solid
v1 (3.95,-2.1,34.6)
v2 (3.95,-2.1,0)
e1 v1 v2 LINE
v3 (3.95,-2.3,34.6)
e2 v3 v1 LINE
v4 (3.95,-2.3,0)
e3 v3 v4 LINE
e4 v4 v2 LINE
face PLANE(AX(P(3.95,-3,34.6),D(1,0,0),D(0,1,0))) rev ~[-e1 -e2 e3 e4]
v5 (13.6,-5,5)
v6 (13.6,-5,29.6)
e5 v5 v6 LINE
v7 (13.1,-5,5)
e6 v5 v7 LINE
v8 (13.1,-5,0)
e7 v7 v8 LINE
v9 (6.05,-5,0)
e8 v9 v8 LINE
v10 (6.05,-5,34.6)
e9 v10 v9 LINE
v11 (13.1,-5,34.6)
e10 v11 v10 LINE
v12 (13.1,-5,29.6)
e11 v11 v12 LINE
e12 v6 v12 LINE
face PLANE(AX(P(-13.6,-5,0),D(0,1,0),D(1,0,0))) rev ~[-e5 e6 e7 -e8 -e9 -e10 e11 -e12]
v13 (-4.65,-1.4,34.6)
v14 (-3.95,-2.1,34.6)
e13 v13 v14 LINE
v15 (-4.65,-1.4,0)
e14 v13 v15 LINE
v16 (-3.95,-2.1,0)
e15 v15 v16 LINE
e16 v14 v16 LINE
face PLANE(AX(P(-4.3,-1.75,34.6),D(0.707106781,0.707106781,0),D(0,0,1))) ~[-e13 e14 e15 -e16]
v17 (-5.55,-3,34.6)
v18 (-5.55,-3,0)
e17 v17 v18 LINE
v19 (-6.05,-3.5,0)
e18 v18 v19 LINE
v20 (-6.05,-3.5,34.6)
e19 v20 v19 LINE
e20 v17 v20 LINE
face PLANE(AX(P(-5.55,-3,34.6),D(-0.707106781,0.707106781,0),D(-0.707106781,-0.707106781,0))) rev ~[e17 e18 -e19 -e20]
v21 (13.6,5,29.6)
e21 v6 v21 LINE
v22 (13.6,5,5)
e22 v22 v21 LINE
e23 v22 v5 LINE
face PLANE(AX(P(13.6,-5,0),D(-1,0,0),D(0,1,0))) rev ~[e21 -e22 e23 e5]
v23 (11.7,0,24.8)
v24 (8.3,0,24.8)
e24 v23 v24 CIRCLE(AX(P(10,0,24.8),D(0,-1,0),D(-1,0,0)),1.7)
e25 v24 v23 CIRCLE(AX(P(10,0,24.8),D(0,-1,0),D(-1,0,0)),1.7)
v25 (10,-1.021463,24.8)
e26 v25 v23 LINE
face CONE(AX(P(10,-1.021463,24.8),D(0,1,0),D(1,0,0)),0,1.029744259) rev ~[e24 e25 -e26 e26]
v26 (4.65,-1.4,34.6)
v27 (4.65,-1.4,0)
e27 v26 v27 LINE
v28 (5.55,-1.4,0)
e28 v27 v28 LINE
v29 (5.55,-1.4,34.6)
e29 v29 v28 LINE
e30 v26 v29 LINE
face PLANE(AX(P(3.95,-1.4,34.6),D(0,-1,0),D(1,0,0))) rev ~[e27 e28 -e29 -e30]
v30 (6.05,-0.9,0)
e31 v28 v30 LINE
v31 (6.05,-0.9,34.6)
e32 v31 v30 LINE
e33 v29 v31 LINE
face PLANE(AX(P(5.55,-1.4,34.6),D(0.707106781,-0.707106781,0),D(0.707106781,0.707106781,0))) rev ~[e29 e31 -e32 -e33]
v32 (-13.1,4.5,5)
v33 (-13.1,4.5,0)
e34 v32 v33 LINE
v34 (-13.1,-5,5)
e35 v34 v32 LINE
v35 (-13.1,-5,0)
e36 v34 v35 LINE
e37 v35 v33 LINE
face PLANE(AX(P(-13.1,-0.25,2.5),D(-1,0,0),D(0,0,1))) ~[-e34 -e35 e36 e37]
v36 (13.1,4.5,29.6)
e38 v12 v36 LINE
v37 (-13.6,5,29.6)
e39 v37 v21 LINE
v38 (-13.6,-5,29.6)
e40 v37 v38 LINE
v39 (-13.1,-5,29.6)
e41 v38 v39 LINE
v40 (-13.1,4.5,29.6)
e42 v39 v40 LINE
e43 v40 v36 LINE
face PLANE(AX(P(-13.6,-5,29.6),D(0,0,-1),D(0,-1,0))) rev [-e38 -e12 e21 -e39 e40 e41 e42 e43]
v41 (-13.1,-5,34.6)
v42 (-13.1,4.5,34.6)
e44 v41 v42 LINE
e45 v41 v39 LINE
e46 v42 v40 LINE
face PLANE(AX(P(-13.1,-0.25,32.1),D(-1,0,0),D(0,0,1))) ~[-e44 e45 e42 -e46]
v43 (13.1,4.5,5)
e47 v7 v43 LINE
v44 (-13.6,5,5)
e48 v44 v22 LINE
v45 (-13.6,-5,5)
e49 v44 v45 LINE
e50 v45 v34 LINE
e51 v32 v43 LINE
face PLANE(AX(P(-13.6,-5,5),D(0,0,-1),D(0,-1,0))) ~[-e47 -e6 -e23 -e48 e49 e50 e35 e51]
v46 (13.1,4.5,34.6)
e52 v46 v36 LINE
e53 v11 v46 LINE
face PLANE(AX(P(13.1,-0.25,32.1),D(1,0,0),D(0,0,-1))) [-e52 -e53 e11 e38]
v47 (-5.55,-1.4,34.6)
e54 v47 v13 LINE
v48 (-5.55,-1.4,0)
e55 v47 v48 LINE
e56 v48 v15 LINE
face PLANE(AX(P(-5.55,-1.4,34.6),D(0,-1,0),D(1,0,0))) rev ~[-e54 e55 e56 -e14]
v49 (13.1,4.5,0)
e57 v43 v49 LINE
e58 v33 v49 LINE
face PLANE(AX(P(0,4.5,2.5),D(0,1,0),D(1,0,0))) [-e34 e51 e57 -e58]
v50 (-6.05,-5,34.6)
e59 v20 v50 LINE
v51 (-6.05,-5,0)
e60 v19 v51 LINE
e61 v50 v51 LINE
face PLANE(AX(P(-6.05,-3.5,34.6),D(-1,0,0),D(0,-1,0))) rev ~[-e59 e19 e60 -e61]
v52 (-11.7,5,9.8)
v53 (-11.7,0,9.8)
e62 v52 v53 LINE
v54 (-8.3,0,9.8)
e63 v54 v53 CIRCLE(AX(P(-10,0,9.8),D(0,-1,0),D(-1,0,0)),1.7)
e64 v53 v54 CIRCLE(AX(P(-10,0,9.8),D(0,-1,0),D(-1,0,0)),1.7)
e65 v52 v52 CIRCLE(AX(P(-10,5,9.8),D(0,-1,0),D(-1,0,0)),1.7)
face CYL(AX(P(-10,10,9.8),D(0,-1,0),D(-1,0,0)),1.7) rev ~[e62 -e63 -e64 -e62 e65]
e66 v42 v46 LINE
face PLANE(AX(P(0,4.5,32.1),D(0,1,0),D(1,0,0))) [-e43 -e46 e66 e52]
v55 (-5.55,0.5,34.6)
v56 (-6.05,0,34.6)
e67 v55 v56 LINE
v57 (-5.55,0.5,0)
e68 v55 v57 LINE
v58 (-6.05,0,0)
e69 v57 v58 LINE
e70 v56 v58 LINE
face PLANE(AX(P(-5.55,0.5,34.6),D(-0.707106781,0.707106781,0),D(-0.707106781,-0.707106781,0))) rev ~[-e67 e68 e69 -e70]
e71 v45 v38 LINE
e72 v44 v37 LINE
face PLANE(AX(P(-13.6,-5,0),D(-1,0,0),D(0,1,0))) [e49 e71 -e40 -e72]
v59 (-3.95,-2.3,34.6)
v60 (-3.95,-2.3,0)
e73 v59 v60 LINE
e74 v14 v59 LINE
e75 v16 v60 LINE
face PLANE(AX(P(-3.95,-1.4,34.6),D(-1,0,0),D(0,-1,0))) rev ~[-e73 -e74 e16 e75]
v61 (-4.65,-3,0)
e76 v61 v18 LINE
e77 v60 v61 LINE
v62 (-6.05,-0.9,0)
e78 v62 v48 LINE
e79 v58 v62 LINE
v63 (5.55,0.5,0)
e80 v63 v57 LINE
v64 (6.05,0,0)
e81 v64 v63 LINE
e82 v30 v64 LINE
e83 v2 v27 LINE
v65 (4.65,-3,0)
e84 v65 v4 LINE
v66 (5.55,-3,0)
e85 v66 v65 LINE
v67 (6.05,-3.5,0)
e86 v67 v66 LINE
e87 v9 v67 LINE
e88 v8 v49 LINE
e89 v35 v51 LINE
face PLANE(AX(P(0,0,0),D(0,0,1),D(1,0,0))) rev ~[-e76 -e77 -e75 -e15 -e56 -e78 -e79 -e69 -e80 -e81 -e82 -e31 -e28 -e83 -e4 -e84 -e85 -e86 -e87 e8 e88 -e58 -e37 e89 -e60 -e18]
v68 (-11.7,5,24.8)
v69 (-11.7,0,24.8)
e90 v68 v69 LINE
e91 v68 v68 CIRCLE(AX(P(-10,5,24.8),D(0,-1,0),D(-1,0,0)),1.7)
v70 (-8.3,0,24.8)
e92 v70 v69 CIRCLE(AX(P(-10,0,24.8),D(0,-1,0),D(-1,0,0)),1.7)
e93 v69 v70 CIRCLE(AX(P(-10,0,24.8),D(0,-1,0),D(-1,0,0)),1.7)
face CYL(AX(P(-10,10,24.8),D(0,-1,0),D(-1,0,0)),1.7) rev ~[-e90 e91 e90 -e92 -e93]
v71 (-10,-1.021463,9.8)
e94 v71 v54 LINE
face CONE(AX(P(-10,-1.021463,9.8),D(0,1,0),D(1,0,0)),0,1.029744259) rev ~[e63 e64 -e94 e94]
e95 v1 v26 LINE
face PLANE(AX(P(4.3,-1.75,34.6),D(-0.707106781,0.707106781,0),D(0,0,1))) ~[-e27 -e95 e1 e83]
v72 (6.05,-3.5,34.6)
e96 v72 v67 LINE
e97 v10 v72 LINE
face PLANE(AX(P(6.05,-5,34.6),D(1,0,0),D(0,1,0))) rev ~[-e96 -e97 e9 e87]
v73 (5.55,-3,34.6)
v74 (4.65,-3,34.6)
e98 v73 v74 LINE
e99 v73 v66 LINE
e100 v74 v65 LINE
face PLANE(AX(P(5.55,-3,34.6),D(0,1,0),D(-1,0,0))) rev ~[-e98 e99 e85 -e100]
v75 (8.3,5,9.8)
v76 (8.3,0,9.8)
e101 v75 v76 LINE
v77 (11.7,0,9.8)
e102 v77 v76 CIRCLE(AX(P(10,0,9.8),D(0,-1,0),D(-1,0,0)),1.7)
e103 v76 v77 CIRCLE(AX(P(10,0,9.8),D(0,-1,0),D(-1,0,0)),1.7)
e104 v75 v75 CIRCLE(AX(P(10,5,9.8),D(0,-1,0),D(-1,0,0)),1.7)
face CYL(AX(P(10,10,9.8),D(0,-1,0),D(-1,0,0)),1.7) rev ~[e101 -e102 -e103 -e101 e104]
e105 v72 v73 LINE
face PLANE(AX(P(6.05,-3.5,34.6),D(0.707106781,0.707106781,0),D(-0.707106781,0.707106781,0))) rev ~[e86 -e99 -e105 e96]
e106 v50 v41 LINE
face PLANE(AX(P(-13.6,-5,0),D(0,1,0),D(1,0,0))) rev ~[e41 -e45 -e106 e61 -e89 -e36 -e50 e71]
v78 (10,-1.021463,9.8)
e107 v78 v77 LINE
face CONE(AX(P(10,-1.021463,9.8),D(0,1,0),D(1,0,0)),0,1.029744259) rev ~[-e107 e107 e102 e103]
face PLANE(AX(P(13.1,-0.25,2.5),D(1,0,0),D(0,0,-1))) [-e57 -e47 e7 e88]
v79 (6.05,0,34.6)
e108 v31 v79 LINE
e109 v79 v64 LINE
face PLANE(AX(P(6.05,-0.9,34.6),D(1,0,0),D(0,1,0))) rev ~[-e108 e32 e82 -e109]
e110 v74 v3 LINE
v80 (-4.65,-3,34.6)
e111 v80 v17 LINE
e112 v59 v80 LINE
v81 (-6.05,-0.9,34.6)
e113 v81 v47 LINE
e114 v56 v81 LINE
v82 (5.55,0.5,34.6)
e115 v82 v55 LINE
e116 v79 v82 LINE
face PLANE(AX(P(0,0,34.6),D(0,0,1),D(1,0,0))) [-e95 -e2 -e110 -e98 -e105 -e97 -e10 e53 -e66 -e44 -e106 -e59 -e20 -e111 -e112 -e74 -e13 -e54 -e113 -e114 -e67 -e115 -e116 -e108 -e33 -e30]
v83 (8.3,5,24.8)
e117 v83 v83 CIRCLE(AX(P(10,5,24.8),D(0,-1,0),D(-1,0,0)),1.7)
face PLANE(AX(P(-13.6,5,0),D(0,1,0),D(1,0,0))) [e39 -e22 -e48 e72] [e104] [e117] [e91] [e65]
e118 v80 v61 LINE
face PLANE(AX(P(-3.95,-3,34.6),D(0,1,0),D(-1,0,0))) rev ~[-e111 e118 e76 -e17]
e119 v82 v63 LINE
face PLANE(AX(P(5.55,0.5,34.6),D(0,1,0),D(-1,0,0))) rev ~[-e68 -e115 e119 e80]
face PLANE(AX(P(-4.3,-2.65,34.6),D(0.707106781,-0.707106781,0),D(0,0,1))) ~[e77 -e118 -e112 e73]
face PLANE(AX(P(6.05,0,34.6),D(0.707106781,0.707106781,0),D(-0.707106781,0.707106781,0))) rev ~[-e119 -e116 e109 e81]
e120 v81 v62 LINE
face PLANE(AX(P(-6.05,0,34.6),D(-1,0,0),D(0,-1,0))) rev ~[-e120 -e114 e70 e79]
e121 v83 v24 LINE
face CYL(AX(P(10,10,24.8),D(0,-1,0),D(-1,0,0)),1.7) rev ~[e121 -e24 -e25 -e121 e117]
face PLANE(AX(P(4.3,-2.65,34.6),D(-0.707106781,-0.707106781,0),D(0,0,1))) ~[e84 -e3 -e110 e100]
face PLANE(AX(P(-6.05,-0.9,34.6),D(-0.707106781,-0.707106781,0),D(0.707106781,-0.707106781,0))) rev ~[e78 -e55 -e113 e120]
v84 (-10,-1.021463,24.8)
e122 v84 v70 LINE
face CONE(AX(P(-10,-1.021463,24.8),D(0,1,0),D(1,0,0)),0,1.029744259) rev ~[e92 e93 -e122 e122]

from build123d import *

# Parameters (mm, degrees)
SKETCH1_W                = 27.2
SKETCH1_H                = 10
BOSS_EXTRUDE1_DEPTH      = 34.6
CUT_EXTRUDE1_DEPTH       = 1
CUT_EXTRUDE1_DEPTH_BACK  = 34.6
CHAMFER1_SIZE            = 0.7
M3_CLEARANCE_HOLE1_D     = 3.4
M3_CLEARANCE_HOLE1_DEPTH = 5
M3_CLEARANCE_HOLE1_TIP   = 1.021463052
SKETCH7_W                = 27.2
SKETCH7_H                = 5
CUT_EXTRUDE2_DEPTH       = 0.5
SKETCH8_W                = 5
SKETCH8_H                = 9.5
CUT_EXTRUDE3_DEPTH       = 0.5


with BuildPart() as part:
    # Sketch1 → Boss-Extrude1 (new body)
    with BuildSketch(Plane.XY):
        Rectangle(SKETCH1_W, SKETCH1_H)
    extrude(amount=BOSS_EXTRUDE1_DEPTH)

    # Sketch2 → Cut-Extrude1 (cut, two sides)
    with BuildSketch(Plane.XY.offset(34.6)) as cut_extrude1_sk:
        Polygon((-5.55, -3), (-6.05, -3.5), (-6.05, -5), (6.05, -5), (6.05, -3.5), (5.55, -3), (3.95, -3), (3.95, -1.4), (5.55, -1.4), (6.05, -0.9), (6.05, 0), (5.55, 0.5), (-5.55, 0.5), (-6.05, 0), (-6.05, -0.9), (-5.55, -1.4), (-3.95, -1.4), (-3.95, -3), align=None)
    extrude(amount=CUT_EXTRUDE1_DEPTH, mode=Mode.SUBTRACT)
    extrude(cut_extrude1_sk.sketch, amount=-CUT_EXTRUDE1_DEPTH_BACK, mode=Mode.SUBTRACT)

    # Chamfer1
    chamfer1_edges = [part.edges().sort_by_distance(p)[0] for p in [
        (-3.95, -3, 17.3),
        (3.95, -3, 17.3),
        (3.95, -1.4, 17.3),
        (-3.95, -1.4, 17.3),
    ]]
    chamfer(chamfer1_edges, length=CHAMFER1_SIZE)

    # M3 Clearance Hole1
    with Locations(Plane(origin=(0, 5, 0), x_dir=(1, 0, 0), z_dir=(0, 1, 0))):
        with Locations((-10, -24.8), (-10, -9.8), (10, -9.8), (10, -24.8)):
            Hole(M3_CLEARANCE_HOLE1_D / 2, depth=M3_CLEARANCE_HOLE1_DEPTH)
            with Locations((0, 0, -(M3_CLEARANCE_HOLE1_DEPTH + M3_CLEARANCE_HOLE1_TIP / 2))):  # 118° drill point
                Cone(0, M3_CLEARANCE_HOLE1_D / 2, M3_CLEARANCE_HOLE1_TIP, mode=Mode.SUBTRACT)

    # Sketch7 → Cut-Extrude2 (cut)
    with BuildSketch(Plane(origin=(0, 5, 0), x_dir=(1, 0, 0), z_dir=(0, 1, 0))):
        with Locations((0, -32.1)):
            Rectangle(SKETCH7_W, SKETCH7_H)
        with Locations((0, -2.5)):
            Rectangle(SKETCH7_W, SKETCH7_H)
    extrude(amount=-CUT_EXTRUDE2_DEPTH, mode=Mode.SUBTRACT)

    # Sketch8 → Cut-Extrude3 (cut)
    with BuildSketch(Plane(origin=(13.6, 0, 0), x_dir=(0, 0, -1), z_dir=(1, 0, 0))):
        with Locations((-32.1, -0.25)):
            Rectangle(SKETCH8_W, SKETCH8_H)
        with Locations((-2.5, -0.25)):
            Rectangle(SKETCH8_W, SKETCH8_H)
    cut_extrude3 = extrude(amount=-CUT_EXTRUDE3_DEPTH, mode=Mode.SUBTRACT)

    # Mirror1: Cut-Extrude3 across plane
    add(cut_extrude3.mirror(Plane(origin=(0, 0, 0), x_dir=(0, 0, 1), z_dir=(1, 0, 0))), mode=Mode.SUBTRACT)


solid = part.part
